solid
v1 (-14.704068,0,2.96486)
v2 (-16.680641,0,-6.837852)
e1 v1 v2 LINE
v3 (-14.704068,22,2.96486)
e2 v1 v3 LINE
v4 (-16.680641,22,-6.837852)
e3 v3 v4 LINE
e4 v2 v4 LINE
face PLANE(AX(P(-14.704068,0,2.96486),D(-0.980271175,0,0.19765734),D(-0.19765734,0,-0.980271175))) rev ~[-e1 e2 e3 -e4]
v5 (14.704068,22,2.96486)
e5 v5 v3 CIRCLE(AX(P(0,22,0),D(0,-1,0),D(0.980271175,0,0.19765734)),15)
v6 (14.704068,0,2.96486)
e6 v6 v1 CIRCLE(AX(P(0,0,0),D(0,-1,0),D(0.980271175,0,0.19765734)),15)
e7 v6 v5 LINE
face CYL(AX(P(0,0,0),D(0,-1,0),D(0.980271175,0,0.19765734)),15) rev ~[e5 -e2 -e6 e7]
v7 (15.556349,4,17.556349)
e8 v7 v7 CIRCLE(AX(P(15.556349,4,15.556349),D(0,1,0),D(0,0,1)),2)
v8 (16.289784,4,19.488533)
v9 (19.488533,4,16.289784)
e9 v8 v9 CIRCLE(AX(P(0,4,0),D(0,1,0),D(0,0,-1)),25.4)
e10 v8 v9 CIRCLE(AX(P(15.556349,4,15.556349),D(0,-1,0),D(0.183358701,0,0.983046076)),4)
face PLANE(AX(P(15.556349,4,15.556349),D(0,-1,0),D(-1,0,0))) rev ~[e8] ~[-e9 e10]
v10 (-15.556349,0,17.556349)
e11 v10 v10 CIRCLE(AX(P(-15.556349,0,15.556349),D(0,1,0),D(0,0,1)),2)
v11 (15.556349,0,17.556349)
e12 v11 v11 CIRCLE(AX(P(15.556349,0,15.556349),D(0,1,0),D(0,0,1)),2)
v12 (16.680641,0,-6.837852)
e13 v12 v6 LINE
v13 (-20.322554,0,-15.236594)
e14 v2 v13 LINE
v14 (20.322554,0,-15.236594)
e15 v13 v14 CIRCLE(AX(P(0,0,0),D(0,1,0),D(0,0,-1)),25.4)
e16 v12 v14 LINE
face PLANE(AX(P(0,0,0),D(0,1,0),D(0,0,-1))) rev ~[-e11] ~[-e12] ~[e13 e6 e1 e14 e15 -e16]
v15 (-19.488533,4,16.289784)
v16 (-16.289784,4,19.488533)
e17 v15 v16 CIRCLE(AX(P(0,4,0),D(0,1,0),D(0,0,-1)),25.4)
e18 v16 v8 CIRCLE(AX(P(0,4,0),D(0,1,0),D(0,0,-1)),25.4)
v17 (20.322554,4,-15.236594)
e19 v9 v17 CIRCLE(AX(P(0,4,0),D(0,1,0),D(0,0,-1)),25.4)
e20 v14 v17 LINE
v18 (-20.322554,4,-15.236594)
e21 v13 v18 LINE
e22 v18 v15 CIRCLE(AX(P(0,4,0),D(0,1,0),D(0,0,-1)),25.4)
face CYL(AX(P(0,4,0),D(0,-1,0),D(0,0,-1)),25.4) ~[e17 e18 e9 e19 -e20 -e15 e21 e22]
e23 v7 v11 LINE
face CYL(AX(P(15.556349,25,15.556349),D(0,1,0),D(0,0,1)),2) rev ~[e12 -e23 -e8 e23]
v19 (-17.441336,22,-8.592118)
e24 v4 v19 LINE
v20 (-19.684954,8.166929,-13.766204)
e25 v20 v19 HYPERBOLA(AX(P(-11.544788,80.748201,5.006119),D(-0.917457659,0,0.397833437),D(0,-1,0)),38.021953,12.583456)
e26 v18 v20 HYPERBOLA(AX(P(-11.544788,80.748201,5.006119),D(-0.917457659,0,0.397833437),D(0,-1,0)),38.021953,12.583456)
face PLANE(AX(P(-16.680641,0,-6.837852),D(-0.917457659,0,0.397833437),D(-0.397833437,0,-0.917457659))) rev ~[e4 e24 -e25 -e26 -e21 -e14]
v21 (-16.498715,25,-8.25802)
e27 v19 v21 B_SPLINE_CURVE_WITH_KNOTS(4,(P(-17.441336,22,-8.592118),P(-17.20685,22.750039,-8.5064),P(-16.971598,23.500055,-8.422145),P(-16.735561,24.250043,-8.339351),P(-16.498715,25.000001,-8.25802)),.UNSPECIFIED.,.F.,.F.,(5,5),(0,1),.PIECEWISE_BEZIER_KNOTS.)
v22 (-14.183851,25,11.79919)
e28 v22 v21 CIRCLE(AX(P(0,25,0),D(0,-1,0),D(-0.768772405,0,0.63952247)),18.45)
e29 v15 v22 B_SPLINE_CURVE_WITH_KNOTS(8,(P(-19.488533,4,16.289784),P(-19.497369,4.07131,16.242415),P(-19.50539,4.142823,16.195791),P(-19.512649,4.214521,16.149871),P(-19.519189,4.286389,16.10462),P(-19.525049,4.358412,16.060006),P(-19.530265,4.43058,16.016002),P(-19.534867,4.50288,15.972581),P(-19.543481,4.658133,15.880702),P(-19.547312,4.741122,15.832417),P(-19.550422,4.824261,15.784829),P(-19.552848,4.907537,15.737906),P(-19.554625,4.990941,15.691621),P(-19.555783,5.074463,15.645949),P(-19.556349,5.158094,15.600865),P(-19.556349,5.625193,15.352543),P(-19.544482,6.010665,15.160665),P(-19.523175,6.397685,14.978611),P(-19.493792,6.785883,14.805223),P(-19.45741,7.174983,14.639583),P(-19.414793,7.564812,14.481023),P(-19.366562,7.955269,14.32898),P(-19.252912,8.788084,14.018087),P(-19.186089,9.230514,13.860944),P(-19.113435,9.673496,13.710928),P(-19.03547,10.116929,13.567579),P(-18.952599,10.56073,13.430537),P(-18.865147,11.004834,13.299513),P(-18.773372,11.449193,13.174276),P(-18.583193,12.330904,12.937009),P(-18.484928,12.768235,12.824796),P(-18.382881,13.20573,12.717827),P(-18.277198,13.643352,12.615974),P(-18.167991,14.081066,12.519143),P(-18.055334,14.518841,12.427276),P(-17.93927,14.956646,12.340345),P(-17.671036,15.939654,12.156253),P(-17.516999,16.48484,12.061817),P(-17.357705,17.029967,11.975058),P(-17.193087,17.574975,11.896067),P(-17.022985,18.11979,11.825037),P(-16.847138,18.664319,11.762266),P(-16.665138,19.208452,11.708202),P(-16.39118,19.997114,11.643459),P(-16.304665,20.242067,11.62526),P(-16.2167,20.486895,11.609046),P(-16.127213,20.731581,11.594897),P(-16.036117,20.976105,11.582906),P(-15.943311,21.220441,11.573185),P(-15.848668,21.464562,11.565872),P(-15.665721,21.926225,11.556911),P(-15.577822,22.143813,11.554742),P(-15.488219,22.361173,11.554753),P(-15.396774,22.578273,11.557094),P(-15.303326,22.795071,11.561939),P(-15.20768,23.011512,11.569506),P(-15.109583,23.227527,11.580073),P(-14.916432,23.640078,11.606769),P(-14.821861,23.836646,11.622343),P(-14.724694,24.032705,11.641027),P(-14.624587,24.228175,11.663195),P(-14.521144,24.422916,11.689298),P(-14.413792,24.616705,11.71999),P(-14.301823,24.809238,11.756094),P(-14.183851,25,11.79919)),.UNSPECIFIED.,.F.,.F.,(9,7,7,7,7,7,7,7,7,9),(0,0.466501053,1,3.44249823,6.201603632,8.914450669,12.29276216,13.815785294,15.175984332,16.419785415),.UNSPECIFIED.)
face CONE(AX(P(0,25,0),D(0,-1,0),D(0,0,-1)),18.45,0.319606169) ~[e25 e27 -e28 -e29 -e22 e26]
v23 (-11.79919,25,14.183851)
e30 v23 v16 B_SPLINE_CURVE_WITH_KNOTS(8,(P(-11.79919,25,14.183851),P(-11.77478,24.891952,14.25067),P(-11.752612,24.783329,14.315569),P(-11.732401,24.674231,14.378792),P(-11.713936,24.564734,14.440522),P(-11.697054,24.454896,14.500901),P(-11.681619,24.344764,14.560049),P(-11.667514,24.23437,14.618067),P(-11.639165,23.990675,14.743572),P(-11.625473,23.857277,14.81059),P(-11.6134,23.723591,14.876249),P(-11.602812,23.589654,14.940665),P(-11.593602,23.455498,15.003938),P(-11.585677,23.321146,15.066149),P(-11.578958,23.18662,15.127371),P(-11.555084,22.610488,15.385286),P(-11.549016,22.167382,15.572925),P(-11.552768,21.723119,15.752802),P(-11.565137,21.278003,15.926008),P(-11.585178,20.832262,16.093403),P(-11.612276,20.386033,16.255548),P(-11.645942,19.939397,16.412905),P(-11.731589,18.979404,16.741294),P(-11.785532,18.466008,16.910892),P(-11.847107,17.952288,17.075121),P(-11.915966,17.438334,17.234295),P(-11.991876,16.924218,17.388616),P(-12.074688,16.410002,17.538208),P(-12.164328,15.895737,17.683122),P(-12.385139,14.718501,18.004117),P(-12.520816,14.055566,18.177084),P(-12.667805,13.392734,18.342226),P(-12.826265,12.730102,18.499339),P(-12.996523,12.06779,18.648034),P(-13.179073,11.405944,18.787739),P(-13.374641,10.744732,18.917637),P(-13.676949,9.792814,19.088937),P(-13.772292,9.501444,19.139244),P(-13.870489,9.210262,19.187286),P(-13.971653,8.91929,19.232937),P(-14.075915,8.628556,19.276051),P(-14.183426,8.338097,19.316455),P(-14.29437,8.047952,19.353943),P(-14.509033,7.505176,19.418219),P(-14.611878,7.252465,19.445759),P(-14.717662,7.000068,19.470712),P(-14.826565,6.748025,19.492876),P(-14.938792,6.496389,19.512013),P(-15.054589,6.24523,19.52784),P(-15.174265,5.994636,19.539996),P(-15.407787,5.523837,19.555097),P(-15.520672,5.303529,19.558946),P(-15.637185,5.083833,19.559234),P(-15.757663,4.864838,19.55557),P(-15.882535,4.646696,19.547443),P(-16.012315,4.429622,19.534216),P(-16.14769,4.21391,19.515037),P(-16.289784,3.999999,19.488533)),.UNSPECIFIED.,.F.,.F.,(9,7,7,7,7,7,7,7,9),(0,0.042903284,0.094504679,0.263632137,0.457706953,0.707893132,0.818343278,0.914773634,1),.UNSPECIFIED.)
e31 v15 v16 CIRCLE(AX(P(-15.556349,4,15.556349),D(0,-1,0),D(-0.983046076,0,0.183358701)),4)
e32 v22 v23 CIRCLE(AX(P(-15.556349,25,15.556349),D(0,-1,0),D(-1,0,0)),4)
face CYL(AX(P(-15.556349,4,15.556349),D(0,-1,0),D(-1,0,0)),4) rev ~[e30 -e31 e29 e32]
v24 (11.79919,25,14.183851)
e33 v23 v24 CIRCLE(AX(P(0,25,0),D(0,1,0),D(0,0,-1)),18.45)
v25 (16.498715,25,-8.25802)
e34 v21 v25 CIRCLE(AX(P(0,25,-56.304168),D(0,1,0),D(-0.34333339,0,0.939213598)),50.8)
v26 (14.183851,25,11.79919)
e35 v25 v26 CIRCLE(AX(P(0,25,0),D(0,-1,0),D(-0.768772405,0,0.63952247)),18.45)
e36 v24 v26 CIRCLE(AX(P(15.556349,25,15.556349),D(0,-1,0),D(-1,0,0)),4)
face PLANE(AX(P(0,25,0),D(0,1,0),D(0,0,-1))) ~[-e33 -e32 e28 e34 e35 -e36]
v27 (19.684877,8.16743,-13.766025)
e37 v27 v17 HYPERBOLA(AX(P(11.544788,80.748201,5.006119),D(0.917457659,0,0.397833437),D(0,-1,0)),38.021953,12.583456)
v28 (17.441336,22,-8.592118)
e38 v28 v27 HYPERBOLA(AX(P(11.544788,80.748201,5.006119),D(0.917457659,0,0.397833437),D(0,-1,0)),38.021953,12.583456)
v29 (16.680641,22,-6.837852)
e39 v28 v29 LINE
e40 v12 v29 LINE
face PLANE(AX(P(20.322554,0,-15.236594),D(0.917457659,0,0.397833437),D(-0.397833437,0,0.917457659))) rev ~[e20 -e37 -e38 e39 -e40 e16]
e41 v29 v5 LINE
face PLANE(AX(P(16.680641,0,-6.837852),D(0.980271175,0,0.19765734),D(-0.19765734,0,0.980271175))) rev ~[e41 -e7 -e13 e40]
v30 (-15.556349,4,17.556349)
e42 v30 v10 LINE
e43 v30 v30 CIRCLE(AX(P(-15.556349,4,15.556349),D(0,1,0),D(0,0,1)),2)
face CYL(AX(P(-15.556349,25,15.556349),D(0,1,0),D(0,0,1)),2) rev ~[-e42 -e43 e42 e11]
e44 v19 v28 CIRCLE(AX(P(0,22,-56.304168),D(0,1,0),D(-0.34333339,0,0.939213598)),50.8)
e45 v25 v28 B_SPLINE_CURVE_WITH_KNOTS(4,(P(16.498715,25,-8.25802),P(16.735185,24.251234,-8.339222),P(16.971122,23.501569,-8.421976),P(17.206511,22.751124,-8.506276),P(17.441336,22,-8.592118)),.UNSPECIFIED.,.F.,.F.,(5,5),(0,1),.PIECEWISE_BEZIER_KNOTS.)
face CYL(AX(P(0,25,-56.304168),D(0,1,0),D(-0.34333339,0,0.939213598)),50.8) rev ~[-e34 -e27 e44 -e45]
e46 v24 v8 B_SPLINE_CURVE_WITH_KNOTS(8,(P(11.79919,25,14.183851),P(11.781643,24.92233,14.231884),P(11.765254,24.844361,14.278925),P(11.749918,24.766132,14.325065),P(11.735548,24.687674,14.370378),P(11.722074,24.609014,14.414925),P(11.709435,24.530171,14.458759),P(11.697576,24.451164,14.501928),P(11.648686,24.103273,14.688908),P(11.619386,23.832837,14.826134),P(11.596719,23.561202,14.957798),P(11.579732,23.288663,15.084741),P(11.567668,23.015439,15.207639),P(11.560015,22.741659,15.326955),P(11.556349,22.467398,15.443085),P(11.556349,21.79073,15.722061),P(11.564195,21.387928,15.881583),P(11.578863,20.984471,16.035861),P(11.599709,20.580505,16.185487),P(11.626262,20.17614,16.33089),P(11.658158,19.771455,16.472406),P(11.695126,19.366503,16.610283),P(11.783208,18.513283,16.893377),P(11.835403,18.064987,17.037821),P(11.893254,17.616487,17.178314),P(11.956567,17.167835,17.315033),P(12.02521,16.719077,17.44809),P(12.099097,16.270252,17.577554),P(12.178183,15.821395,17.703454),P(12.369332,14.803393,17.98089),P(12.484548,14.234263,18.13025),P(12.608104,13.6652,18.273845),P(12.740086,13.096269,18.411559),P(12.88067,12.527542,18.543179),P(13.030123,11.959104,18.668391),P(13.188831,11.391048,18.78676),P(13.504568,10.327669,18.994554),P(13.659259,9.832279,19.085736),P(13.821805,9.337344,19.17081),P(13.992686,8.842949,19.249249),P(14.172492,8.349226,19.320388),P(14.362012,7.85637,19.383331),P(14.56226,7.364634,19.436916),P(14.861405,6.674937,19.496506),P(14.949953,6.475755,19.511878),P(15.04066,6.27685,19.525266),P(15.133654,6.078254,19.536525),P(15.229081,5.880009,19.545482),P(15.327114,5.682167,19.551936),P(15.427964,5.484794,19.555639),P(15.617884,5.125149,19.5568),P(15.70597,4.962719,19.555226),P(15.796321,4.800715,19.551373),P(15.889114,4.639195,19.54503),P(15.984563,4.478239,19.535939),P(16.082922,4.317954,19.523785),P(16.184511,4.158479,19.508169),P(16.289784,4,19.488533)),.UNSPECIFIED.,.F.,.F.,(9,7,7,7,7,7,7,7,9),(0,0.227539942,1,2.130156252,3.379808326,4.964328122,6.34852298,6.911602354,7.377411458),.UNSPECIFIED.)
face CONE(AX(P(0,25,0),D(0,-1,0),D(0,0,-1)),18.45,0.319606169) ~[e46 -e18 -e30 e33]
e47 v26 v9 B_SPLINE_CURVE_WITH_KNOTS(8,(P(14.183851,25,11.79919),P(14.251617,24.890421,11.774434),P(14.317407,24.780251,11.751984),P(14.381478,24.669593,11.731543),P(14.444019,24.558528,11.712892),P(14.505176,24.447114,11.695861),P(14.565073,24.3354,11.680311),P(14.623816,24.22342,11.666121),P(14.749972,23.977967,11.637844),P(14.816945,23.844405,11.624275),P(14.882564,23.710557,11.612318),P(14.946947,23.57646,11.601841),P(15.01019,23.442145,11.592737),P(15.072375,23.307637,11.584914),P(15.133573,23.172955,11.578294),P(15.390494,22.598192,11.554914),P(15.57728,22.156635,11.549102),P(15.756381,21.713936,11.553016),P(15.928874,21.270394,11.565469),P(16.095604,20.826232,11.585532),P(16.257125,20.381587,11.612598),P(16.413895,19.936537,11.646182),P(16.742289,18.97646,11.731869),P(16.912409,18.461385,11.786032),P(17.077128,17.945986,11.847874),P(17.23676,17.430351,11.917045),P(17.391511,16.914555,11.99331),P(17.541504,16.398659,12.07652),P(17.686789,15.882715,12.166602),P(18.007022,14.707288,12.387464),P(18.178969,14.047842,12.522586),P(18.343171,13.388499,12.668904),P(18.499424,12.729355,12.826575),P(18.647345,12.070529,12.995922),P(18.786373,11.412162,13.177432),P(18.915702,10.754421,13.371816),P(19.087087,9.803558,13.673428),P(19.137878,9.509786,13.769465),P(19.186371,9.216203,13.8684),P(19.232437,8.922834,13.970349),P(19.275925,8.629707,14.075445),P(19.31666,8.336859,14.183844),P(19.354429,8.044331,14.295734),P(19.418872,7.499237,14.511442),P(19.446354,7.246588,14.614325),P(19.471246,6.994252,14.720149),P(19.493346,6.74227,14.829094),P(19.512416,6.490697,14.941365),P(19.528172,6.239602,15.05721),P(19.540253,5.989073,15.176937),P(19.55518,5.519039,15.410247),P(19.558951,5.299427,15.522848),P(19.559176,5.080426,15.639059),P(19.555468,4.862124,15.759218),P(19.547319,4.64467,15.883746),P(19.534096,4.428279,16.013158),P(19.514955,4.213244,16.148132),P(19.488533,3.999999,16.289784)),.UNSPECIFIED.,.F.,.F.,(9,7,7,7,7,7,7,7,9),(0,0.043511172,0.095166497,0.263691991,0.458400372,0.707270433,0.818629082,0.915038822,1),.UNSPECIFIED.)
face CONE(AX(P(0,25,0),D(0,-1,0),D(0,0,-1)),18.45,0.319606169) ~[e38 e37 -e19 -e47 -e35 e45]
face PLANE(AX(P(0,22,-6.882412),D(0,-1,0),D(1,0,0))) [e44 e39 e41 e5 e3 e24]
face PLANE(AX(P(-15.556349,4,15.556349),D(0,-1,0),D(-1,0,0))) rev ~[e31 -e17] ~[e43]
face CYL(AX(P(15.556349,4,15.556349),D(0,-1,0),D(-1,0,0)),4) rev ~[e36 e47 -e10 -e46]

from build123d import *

# Parameters (mm, degrees)
SKETCH5_R          = 2
CUT_EXTRUDE2_DEPTH = 44.764369069
SKETCH6_R          = 4
CUT_EXTRUDE3_DEPTH = 22
SKETCH7_R          = 4.5
CUT_EXTRUDE4_DEPTH = 22
CUT_EXTRUDE5_DEPTH = 22
CUT_EXTRUDE6_DEPTH = 44.764369185


with BuildPart() as part:
    # Sketch2 → Revolve1 (revolve)
    with BuildSketch(Plane(origin=(0, 0, 0), x_dir=(0, 0, -1), z_dir=(1, 0, 0))):
        Polygon((-18.45, 25), (-25.4, 4), (-25.4, 0), (-15, 0), (-15, 22), (0, 22), (0, 25), align=None)
    revolve(axis=Axis((0, 0, 0), (0, 1, 0)))

    # Sketch5 → Cut-Extrude2 (cut, through all)
    with BuildSketch(Plane(origin=(0, 25, 0), x_dir=(1, 0, 0), z_dir=(0, 1, 0))):
        with Locations((-15.556349186, -15.556349186)):
            Circle(SKETCH5_R)
        with Locations((15.556349186, -15.556349186)):
            Circle(SKETCH5_R)
    extrude(amount=-CUT_EXTRUDE2_DEPTH, mode=Mode.SUBTRACT)

    # Sketch6 → Cut-Extrude3 (cut)
    with BuildSketch(Plane(origin=(0, 4, 0), x_dir=(-1, 0, 0), z_dir=(0, -1, 0))):
        with Locations((15.556349186, -15.556349186)):
            Circle(SKETCH6_R)
        with Locations((-15.556349186, -15.556349186)):
            Circle(SKETCH6_R)
    extrude(amount=-CUT_EXTRUDE3_DEPTH, mode=Mode.SUBTRACT)

    # Sketch7 → Cut-Extrude4 (cut)
    with BuildSketch(Plane(origin=(0, 0, 0), x_dir=(-1, 0, 0), z_dir=(0, -1, 0))):
        with Locations((15.556349186, 15.556349186)):
            Circle(SKETCH7_R)
        with Locations((-15.556349186, 15.556349186)):
            Circle(SKETCH7_R)
    extrude(amount=-CUT_EXTRUDE4_DEPTH, mode=Mode.SUBTRACT)

    # Sketch10 → Cut-Extrude5 (cut)
    with BuildSketch(Plane.XZ):
        with BuildLine():
            Line((-14.704067619, 2.964860106), (-16.680641023, -6.837851641))
            Line((-16.680641023, -6.837851641), (-20.322553732, -15.236594429))
            ThreePointArc((-20.322553732, -15.236594429), (-17.924840594, -17.996113183), (-15.155828757, -20.382856883))
            ThreePointArc((-15.155828757, -20.382856883), (0, -25.4), (15.155828757, -20.382856883))
            ThreePointArc((15.155828757, -20.382856883), (17.924840594, -17.996113183), (20.322553732, -15.236594429))
            Line((20.322553732, -15.236594429), (16.680641023, -6.837851641))
            Line((16.680641023, -6.837851641), (14.704067619, 2.964860106))
            ThreePointArc((14.704067619, 2.964860106), (0, 15), (-14.704067619, 2.964860106))
        make_face()
    extrude(amount=-CUT_EXTRUDE5_DEPTH, mode=Mode.SUBTRACT)

    # Sketch14 → Cut-Extrude6 (cut, through all)
    with BuildSketch(Plane(origin=(0, 25, 0), x_dir=(1, 0, 0), z_dir=(0, 1, 0))):
        with BuildLine():
            ThreePointArc((17.441336231, 8.592117572), (0, 19.442857143), (-17.441336231, 8.592117572))
            ThreePointArc((-17.441336231, 8.592117572), (0, 5.504168361), (17.441336231, 8.592117572))
        make_face()
    extrude(amount=-CUT_EXTRUDE6_DEPTH, mode=Mode.SUBTRACT)


solid = part.part
